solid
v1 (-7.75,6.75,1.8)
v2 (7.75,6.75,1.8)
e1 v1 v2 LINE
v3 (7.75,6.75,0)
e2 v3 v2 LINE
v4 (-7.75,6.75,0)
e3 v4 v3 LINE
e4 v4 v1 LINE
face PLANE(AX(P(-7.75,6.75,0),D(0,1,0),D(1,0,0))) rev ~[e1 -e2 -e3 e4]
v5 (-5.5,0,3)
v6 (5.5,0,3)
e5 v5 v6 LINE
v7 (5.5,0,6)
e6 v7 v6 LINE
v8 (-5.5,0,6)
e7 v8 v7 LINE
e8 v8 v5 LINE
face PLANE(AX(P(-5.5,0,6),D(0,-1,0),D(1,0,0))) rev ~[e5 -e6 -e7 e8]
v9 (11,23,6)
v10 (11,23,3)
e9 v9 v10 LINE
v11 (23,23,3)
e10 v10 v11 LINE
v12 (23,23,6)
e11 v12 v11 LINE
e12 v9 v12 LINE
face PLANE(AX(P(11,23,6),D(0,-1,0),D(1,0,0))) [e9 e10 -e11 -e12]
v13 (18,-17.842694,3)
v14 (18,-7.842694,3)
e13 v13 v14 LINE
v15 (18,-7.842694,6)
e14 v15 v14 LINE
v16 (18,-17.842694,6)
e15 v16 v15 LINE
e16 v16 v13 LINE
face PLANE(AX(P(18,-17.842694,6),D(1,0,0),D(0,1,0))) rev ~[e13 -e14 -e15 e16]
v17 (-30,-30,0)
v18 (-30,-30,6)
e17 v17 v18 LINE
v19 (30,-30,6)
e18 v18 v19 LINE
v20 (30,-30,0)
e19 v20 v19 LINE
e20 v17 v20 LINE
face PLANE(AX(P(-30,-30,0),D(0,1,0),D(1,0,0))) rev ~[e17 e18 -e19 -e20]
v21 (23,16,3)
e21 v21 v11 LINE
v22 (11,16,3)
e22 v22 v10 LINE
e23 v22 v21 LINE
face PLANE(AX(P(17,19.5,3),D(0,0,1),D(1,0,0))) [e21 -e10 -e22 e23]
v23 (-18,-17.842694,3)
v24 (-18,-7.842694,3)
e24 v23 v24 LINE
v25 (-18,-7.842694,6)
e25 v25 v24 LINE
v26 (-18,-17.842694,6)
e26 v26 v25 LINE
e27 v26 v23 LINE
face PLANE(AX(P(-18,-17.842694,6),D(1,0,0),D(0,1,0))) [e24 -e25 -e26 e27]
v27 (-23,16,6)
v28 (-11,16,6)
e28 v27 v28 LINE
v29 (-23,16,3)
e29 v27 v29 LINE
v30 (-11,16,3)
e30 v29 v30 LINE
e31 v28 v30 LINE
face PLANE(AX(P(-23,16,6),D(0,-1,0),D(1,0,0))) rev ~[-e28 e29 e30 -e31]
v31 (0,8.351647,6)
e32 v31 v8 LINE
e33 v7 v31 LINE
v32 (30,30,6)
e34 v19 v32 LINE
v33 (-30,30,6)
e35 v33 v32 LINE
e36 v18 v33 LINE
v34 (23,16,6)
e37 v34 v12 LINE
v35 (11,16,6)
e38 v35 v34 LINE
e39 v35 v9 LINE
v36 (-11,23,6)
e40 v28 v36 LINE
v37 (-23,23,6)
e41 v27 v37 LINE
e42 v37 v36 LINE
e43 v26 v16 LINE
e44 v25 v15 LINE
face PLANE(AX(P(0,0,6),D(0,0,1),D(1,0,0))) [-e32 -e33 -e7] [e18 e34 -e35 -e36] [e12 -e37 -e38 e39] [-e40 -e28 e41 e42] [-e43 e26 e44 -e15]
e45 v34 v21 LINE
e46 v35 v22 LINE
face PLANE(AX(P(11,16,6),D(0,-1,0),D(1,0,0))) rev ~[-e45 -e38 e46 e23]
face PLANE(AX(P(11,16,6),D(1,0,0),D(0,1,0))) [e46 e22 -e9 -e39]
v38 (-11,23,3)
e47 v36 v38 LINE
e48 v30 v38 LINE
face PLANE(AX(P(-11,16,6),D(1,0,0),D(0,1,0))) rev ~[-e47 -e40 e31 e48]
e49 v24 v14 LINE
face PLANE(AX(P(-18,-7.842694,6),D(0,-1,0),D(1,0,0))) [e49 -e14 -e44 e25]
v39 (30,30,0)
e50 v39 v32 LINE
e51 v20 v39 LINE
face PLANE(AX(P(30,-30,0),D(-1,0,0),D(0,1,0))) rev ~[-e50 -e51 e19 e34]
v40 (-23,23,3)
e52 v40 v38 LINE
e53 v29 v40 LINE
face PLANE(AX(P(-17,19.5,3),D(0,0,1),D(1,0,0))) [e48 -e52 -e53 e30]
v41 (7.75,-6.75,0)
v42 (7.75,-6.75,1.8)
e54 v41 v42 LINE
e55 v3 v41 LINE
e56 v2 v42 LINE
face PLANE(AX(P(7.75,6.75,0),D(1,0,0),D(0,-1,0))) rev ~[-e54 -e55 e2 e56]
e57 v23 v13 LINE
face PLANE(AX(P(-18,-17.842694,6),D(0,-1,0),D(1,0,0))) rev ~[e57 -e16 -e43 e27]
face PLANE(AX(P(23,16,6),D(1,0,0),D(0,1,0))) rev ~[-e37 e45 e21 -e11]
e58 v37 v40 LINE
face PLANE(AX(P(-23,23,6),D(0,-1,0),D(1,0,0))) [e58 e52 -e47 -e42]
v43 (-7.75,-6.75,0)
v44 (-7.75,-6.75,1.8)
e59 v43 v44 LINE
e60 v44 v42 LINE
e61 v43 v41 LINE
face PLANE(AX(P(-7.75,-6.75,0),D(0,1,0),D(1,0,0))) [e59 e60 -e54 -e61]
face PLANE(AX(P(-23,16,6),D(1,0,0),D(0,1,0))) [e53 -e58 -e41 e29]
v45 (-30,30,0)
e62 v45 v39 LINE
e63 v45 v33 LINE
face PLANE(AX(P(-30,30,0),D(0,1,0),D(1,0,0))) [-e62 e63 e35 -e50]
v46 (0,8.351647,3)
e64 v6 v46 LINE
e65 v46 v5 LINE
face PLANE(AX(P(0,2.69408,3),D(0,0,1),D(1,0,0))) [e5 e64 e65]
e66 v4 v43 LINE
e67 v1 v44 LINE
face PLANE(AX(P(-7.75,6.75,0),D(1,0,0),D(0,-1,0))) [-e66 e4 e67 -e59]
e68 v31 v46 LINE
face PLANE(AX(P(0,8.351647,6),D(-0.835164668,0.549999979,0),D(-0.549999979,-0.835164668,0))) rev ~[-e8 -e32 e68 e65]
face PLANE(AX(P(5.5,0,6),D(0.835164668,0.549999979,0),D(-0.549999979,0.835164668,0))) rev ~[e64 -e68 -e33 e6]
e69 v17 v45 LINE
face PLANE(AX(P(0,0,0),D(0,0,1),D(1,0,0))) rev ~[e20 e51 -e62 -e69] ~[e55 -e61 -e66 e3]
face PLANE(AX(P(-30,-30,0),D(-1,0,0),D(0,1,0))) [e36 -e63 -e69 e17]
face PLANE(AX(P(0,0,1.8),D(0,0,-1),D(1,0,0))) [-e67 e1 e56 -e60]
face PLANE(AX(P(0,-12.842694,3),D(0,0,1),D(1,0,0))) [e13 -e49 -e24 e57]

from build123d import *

# Parameters (mm, degrees)
F0_W     = 60
F0_H     = 60
F1_DEPTH = 6
F2_W     = 12
F2_H     = 7
F2_W_2   = 36
F2_H_2   = 10
F3_DEPTH = 3
F4_W     = 15.5
F4_H     = 13.5
F5_DEPTH = 1.8


with BuildPart() as f1:
    # F0 (on Top) → F1 (new body)
    with BuildSketch(Plane.XY):
        Rectangle(F0_W, F0_H)
    extrude(amount=F1_DEPTH)

    # F2 (on face) → F3 (cut)
    with BuildSketch(Plane.XY.offset(6)):
        with Locations((-17, 19.5)):
            Rectangle(F2_W, F2_H)
        with Locations((17, 19.5)):
            Rectangle(F2_W, F2_H)
        with Locations((0, -12.842694)):
            Rectangle(F2_W_2, F2_H_2)
        Polygon((5.5, 0), (0, 8.351647), (-5.5, 0), align=None)
    extrude(amount=-F3_DEPTH, mode=Mode.SUBTRACT)

    # F4 (on face) → F5 (cut)
    with BuildSketch(Plane(origin=(0, 0, 0), x_dir=(1, 0, 0), z_dir=(0, 0, -1))):
        Rectangle(F4_W, F4_H)
    extrude(amount=-F5_DEPTH, mode=Mode.SUBTRACT)


solid = f1.part
